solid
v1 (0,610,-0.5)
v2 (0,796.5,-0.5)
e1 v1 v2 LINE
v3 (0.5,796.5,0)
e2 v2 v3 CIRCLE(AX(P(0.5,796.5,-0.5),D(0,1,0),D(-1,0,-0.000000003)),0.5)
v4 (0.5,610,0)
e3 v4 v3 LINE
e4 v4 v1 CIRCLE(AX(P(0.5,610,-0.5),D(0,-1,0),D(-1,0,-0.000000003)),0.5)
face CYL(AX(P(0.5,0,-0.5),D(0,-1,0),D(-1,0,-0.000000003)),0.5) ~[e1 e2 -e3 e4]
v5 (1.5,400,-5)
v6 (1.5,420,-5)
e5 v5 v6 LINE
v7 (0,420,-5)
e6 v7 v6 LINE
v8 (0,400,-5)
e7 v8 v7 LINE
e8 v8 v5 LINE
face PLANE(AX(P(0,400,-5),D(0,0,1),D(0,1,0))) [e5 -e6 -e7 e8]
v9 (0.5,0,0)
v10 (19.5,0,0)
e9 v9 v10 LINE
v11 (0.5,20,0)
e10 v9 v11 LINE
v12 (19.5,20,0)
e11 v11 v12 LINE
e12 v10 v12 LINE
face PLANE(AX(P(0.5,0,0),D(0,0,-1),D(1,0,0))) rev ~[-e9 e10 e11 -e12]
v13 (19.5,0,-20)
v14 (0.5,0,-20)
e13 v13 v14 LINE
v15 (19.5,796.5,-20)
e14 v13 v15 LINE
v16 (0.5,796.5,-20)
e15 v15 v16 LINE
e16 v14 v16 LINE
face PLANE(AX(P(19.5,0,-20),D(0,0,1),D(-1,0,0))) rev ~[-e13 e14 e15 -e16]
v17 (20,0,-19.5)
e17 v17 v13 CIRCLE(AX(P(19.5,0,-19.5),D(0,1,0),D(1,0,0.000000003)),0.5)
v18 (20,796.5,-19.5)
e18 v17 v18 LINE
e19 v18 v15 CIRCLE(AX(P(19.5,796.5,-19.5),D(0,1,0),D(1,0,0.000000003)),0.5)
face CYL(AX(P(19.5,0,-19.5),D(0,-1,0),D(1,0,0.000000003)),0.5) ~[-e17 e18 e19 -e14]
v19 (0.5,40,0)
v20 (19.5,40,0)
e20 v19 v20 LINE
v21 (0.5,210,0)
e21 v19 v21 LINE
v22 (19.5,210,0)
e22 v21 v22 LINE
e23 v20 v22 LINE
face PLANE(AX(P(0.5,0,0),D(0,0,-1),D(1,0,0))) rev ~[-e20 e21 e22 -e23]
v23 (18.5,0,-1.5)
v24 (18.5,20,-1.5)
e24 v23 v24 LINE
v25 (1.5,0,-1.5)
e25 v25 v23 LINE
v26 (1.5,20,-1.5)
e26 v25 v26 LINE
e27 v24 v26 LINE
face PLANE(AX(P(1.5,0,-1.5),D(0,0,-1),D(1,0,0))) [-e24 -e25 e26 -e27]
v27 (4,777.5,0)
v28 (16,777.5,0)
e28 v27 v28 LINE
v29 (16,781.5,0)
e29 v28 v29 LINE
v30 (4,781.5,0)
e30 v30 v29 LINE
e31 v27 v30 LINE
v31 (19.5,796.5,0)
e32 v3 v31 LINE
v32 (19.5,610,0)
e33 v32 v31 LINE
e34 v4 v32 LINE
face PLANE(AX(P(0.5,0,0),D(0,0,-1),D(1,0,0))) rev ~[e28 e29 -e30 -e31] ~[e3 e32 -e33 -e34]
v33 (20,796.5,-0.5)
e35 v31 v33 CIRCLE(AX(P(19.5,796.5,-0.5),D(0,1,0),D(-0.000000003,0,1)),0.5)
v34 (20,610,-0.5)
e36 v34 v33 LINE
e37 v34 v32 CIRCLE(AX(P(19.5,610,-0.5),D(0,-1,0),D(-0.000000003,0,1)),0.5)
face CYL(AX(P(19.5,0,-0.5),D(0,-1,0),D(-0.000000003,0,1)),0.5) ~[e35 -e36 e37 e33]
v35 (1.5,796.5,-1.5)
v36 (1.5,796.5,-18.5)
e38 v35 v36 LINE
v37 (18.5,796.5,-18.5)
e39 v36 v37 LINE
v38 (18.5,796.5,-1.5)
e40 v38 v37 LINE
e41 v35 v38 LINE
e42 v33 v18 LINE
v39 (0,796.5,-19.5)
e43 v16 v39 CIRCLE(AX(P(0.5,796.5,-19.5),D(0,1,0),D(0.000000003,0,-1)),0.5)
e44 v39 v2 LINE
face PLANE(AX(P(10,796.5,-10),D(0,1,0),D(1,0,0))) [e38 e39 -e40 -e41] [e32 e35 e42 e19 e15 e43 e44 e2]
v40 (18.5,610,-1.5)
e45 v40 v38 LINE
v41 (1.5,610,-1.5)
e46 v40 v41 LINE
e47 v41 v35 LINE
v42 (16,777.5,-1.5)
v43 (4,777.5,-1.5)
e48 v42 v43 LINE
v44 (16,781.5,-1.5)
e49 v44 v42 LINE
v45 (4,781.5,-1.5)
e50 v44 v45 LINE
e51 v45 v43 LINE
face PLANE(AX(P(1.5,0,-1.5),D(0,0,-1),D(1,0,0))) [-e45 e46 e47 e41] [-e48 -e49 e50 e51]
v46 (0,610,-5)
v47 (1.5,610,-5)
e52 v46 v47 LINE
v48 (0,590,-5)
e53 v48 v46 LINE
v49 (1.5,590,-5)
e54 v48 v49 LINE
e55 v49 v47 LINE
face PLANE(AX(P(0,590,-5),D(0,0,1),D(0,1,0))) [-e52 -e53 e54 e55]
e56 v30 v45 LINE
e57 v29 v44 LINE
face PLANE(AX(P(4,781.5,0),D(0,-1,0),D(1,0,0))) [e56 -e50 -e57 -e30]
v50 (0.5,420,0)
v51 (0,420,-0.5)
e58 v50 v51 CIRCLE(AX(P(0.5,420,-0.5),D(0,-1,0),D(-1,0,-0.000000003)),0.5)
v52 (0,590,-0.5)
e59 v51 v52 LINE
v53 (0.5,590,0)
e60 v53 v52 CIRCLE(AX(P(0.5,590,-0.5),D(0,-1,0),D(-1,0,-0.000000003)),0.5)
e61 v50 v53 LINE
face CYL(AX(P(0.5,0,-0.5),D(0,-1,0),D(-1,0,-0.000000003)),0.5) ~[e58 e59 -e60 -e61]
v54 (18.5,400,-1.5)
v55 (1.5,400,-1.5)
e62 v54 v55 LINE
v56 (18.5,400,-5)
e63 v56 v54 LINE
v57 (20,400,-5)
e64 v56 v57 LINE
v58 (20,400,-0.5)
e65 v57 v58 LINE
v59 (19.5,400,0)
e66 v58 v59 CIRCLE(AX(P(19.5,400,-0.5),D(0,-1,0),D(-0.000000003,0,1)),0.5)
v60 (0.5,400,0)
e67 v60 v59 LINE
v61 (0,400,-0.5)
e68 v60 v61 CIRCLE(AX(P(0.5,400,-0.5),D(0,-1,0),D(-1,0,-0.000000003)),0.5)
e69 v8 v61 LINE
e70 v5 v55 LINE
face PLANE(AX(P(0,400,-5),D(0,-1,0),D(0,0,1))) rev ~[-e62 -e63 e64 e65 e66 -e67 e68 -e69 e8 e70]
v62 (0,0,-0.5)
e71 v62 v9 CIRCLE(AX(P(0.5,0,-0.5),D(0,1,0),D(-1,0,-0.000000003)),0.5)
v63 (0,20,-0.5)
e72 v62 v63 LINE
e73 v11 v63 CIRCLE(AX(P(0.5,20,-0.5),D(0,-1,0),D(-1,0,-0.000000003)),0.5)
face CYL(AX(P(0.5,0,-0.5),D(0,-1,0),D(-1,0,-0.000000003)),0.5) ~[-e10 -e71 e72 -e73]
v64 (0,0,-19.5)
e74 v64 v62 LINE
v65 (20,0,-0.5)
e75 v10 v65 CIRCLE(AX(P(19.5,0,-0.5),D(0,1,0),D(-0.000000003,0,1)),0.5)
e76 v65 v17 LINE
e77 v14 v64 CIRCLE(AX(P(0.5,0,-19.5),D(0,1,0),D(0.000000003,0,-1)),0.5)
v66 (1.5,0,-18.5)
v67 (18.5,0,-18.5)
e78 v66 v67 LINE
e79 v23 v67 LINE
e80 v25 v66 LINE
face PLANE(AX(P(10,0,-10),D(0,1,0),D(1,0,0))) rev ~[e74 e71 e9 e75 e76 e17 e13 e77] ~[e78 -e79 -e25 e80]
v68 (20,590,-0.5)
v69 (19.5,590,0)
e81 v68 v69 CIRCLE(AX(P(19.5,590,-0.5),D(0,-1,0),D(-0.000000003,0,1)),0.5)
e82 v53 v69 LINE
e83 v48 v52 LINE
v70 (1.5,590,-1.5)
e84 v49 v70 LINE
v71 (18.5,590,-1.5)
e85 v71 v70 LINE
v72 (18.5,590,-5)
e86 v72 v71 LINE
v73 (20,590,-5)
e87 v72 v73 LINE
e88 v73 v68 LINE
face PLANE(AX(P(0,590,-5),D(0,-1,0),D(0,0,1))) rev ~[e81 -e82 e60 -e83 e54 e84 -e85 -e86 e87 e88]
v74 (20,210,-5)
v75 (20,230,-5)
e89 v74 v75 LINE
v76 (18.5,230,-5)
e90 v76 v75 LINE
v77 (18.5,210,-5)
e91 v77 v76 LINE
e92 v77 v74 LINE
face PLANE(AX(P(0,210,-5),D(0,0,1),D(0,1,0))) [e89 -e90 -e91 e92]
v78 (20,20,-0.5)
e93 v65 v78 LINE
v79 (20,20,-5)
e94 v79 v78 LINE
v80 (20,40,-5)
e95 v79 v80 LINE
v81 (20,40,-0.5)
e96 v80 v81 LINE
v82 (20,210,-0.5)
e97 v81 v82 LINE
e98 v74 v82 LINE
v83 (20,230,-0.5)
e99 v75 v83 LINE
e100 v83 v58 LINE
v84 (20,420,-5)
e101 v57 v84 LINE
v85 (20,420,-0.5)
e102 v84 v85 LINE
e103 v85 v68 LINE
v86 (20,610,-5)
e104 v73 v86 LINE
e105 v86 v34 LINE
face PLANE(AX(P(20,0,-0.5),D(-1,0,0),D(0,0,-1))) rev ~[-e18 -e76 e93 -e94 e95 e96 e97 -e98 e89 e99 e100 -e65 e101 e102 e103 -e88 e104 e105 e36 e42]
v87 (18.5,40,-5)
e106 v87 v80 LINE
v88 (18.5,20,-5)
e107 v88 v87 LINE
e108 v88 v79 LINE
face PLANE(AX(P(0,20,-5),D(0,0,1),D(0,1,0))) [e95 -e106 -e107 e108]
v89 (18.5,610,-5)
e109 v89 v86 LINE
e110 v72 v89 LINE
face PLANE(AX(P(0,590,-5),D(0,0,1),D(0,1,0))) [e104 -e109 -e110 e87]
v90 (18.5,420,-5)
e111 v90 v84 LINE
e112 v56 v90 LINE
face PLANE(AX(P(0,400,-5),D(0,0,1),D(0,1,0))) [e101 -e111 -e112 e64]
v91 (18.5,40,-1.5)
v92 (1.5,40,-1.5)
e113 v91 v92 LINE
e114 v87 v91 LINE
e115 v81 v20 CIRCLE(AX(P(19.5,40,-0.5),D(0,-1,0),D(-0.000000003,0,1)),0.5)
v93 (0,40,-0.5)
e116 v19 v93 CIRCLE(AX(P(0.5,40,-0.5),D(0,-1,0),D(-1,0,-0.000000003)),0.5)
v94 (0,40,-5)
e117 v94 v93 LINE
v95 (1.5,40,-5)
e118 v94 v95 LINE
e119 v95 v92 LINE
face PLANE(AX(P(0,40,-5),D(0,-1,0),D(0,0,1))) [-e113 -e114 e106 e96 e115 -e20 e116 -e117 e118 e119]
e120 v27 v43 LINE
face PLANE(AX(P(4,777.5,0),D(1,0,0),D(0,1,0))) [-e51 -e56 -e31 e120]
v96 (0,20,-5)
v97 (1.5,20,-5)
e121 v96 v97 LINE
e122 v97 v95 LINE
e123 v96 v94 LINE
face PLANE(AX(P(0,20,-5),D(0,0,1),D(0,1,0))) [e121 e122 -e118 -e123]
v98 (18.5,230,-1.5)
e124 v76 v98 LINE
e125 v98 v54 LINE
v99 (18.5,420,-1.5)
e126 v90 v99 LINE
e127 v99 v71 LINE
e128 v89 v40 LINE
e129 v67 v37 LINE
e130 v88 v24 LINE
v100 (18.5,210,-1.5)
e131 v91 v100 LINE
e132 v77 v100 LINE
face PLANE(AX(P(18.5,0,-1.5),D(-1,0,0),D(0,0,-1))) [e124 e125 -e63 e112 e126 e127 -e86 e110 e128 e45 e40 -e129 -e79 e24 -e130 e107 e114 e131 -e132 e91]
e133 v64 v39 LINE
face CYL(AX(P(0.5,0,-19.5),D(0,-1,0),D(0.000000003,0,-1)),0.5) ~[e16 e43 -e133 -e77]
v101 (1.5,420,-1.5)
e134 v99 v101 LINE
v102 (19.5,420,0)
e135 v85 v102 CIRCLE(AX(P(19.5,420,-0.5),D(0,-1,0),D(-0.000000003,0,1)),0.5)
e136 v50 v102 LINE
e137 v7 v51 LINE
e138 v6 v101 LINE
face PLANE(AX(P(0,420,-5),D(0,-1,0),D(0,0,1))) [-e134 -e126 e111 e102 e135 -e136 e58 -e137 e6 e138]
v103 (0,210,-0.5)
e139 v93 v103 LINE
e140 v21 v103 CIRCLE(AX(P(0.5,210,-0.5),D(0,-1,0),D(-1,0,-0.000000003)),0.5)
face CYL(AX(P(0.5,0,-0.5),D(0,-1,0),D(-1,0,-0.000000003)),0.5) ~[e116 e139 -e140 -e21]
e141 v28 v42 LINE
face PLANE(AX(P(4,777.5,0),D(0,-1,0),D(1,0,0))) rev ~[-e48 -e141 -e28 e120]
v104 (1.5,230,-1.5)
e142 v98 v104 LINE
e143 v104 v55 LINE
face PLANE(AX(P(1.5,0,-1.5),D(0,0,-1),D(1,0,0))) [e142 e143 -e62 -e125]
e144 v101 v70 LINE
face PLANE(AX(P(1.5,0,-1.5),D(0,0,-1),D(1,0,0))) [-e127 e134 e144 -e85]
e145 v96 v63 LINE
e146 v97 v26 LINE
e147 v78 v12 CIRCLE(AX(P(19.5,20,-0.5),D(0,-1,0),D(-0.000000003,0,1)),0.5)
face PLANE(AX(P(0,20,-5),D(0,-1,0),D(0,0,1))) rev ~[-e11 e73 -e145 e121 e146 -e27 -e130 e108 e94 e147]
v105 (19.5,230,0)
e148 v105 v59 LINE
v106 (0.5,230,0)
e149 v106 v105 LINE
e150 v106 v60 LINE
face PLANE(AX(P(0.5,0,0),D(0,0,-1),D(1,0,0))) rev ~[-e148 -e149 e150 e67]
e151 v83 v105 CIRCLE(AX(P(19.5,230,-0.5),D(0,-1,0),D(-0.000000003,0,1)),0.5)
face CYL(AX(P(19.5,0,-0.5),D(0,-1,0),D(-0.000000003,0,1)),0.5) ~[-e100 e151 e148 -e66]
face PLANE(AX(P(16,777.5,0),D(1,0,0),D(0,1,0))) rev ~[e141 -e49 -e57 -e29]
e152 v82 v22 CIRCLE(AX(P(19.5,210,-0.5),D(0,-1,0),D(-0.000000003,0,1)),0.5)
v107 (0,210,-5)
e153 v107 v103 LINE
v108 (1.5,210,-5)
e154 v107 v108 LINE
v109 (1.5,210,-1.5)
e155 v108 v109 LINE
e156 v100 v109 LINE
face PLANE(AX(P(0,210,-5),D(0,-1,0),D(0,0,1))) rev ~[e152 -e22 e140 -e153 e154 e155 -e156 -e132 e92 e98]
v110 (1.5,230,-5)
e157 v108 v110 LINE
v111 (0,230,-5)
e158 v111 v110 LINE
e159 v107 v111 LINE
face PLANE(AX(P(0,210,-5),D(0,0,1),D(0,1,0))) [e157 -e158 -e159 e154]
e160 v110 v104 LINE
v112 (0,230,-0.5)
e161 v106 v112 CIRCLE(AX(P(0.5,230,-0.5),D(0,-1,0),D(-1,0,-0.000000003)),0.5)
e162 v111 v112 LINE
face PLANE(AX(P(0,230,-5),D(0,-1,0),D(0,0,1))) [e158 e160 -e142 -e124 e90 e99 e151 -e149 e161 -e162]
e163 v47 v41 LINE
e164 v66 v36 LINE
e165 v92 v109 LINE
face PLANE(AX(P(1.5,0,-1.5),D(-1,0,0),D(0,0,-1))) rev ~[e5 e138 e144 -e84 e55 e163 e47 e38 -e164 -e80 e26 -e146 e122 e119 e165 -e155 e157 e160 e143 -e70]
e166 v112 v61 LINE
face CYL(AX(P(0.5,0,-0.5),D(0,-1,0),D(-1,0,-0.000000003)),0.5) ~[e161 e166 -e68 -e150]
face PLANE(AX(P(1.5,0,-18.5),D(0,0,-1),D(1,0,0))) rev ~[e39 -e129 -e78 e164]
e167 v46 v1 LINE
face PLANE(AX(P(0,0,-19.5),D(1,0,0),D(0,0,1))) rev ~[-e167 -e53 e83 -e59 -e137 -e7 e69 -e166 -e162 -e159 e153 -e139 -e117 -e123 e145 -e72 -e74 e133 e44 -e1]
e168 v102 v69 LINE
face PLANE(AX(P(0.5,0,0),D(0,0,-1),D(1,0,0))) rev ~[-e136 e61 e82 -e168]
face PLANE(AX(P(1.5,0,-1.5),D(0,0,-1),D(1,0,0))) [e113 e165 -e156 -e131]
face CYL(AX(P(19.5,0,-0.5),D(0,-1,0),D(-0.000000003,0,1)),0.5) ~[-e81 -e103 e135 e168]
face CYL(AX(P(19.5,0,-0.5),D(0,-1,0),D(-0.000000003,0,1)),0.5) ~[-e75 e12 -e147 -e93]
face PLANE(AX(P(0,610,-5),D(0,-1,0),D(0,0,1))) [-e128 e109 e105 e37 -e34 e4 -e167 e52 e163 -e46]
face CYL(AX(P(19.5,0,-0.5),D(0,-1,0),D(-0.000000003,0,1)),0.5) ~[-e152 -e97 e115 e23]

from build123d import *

# Parameters (mm, degrees)
SKETCH1_W           = 17
SKETCH1_H           = 17
BOSS_EXTRUDE1_DEPTH = 796.5
SKETCH3_W           = 12
SKETCH3_H           = 4
CUT_EXTRUDE1_DEPTH  = 10
SKETCH5_W           = 5
SKETCH5_H           = 20
CUT_EXTRUDE2_DEPTH  = 798.002038893


with BuildPart() as part:
    # Sketch1 → Boss-Extrude1 (new body)
    with BuildSketch(Plane(origin=(0, 0, 0), x_dir=(1, 0, 0), z_dir=(0, 1, 0))):
        with BuildLine():
            Line((0.5, 0), (19.5, 0))
            ThreePointArc((19.5, 0), (19.853553391, 0.146446609), (20, 0.5))
            Line((20, 0.5), (20, 19.5))
            ThreePointArc((20, 19.5), (19.853553391, 19.853553391), (19.5, 20))
            Line((19.5, 20), (0.5, 20))
            ThreePointArc((0.5, 20), (0.146446609, 19.853553391), (0, 19.5))
            Line((0, 19.5), (0, 0.5))
            ThreePointArc((0, 0.5), (0.146446609, 0.146446609), (0.5, 0))
        make_face()
        with Locations((10, 10)):
            Rectangle(SKETCH1_W, SKETCH1_H, mode=Mode.SUBTRACT)
    extrude(amount=BOSS_EXTRUDE1_DEPTH)

    # Sketch3 → Cut-Extrude1 (cut)
    with BuildSketch(Plane.XY):
        with Locations((10, 779.5)):
            Rectangle(SKETCH3_W, SKETCH3_H)
    extrude(amount=-CUT_EXTRUDE1_DEPTH, mode=Mode.SUBTRACT)

    # Sketch5 → Cut-Extrude2 (cut, through all)
    with BuildSketch(Plane.ZY):
        with Locations((-2.5, 600)):
            Rectangle(SKETCH5_W, SKETCH5_H)
        with Locations((-2.5, 410)):
            Rectangle(SKETCH5_W, SKETCH5_H)
        with Locations((-2.5, 220)):
            Rectangle(SKETCH5_W, SKETCH5_H)
        with Locations((-2.5, 30)):
            Rectangle(SKETCH5_W, SKETCH5_H)
    extrude(amount=-CUT_EXTRUDE2_DEPTH, mode=Mode.SUBTRACT)


solid = part.part
